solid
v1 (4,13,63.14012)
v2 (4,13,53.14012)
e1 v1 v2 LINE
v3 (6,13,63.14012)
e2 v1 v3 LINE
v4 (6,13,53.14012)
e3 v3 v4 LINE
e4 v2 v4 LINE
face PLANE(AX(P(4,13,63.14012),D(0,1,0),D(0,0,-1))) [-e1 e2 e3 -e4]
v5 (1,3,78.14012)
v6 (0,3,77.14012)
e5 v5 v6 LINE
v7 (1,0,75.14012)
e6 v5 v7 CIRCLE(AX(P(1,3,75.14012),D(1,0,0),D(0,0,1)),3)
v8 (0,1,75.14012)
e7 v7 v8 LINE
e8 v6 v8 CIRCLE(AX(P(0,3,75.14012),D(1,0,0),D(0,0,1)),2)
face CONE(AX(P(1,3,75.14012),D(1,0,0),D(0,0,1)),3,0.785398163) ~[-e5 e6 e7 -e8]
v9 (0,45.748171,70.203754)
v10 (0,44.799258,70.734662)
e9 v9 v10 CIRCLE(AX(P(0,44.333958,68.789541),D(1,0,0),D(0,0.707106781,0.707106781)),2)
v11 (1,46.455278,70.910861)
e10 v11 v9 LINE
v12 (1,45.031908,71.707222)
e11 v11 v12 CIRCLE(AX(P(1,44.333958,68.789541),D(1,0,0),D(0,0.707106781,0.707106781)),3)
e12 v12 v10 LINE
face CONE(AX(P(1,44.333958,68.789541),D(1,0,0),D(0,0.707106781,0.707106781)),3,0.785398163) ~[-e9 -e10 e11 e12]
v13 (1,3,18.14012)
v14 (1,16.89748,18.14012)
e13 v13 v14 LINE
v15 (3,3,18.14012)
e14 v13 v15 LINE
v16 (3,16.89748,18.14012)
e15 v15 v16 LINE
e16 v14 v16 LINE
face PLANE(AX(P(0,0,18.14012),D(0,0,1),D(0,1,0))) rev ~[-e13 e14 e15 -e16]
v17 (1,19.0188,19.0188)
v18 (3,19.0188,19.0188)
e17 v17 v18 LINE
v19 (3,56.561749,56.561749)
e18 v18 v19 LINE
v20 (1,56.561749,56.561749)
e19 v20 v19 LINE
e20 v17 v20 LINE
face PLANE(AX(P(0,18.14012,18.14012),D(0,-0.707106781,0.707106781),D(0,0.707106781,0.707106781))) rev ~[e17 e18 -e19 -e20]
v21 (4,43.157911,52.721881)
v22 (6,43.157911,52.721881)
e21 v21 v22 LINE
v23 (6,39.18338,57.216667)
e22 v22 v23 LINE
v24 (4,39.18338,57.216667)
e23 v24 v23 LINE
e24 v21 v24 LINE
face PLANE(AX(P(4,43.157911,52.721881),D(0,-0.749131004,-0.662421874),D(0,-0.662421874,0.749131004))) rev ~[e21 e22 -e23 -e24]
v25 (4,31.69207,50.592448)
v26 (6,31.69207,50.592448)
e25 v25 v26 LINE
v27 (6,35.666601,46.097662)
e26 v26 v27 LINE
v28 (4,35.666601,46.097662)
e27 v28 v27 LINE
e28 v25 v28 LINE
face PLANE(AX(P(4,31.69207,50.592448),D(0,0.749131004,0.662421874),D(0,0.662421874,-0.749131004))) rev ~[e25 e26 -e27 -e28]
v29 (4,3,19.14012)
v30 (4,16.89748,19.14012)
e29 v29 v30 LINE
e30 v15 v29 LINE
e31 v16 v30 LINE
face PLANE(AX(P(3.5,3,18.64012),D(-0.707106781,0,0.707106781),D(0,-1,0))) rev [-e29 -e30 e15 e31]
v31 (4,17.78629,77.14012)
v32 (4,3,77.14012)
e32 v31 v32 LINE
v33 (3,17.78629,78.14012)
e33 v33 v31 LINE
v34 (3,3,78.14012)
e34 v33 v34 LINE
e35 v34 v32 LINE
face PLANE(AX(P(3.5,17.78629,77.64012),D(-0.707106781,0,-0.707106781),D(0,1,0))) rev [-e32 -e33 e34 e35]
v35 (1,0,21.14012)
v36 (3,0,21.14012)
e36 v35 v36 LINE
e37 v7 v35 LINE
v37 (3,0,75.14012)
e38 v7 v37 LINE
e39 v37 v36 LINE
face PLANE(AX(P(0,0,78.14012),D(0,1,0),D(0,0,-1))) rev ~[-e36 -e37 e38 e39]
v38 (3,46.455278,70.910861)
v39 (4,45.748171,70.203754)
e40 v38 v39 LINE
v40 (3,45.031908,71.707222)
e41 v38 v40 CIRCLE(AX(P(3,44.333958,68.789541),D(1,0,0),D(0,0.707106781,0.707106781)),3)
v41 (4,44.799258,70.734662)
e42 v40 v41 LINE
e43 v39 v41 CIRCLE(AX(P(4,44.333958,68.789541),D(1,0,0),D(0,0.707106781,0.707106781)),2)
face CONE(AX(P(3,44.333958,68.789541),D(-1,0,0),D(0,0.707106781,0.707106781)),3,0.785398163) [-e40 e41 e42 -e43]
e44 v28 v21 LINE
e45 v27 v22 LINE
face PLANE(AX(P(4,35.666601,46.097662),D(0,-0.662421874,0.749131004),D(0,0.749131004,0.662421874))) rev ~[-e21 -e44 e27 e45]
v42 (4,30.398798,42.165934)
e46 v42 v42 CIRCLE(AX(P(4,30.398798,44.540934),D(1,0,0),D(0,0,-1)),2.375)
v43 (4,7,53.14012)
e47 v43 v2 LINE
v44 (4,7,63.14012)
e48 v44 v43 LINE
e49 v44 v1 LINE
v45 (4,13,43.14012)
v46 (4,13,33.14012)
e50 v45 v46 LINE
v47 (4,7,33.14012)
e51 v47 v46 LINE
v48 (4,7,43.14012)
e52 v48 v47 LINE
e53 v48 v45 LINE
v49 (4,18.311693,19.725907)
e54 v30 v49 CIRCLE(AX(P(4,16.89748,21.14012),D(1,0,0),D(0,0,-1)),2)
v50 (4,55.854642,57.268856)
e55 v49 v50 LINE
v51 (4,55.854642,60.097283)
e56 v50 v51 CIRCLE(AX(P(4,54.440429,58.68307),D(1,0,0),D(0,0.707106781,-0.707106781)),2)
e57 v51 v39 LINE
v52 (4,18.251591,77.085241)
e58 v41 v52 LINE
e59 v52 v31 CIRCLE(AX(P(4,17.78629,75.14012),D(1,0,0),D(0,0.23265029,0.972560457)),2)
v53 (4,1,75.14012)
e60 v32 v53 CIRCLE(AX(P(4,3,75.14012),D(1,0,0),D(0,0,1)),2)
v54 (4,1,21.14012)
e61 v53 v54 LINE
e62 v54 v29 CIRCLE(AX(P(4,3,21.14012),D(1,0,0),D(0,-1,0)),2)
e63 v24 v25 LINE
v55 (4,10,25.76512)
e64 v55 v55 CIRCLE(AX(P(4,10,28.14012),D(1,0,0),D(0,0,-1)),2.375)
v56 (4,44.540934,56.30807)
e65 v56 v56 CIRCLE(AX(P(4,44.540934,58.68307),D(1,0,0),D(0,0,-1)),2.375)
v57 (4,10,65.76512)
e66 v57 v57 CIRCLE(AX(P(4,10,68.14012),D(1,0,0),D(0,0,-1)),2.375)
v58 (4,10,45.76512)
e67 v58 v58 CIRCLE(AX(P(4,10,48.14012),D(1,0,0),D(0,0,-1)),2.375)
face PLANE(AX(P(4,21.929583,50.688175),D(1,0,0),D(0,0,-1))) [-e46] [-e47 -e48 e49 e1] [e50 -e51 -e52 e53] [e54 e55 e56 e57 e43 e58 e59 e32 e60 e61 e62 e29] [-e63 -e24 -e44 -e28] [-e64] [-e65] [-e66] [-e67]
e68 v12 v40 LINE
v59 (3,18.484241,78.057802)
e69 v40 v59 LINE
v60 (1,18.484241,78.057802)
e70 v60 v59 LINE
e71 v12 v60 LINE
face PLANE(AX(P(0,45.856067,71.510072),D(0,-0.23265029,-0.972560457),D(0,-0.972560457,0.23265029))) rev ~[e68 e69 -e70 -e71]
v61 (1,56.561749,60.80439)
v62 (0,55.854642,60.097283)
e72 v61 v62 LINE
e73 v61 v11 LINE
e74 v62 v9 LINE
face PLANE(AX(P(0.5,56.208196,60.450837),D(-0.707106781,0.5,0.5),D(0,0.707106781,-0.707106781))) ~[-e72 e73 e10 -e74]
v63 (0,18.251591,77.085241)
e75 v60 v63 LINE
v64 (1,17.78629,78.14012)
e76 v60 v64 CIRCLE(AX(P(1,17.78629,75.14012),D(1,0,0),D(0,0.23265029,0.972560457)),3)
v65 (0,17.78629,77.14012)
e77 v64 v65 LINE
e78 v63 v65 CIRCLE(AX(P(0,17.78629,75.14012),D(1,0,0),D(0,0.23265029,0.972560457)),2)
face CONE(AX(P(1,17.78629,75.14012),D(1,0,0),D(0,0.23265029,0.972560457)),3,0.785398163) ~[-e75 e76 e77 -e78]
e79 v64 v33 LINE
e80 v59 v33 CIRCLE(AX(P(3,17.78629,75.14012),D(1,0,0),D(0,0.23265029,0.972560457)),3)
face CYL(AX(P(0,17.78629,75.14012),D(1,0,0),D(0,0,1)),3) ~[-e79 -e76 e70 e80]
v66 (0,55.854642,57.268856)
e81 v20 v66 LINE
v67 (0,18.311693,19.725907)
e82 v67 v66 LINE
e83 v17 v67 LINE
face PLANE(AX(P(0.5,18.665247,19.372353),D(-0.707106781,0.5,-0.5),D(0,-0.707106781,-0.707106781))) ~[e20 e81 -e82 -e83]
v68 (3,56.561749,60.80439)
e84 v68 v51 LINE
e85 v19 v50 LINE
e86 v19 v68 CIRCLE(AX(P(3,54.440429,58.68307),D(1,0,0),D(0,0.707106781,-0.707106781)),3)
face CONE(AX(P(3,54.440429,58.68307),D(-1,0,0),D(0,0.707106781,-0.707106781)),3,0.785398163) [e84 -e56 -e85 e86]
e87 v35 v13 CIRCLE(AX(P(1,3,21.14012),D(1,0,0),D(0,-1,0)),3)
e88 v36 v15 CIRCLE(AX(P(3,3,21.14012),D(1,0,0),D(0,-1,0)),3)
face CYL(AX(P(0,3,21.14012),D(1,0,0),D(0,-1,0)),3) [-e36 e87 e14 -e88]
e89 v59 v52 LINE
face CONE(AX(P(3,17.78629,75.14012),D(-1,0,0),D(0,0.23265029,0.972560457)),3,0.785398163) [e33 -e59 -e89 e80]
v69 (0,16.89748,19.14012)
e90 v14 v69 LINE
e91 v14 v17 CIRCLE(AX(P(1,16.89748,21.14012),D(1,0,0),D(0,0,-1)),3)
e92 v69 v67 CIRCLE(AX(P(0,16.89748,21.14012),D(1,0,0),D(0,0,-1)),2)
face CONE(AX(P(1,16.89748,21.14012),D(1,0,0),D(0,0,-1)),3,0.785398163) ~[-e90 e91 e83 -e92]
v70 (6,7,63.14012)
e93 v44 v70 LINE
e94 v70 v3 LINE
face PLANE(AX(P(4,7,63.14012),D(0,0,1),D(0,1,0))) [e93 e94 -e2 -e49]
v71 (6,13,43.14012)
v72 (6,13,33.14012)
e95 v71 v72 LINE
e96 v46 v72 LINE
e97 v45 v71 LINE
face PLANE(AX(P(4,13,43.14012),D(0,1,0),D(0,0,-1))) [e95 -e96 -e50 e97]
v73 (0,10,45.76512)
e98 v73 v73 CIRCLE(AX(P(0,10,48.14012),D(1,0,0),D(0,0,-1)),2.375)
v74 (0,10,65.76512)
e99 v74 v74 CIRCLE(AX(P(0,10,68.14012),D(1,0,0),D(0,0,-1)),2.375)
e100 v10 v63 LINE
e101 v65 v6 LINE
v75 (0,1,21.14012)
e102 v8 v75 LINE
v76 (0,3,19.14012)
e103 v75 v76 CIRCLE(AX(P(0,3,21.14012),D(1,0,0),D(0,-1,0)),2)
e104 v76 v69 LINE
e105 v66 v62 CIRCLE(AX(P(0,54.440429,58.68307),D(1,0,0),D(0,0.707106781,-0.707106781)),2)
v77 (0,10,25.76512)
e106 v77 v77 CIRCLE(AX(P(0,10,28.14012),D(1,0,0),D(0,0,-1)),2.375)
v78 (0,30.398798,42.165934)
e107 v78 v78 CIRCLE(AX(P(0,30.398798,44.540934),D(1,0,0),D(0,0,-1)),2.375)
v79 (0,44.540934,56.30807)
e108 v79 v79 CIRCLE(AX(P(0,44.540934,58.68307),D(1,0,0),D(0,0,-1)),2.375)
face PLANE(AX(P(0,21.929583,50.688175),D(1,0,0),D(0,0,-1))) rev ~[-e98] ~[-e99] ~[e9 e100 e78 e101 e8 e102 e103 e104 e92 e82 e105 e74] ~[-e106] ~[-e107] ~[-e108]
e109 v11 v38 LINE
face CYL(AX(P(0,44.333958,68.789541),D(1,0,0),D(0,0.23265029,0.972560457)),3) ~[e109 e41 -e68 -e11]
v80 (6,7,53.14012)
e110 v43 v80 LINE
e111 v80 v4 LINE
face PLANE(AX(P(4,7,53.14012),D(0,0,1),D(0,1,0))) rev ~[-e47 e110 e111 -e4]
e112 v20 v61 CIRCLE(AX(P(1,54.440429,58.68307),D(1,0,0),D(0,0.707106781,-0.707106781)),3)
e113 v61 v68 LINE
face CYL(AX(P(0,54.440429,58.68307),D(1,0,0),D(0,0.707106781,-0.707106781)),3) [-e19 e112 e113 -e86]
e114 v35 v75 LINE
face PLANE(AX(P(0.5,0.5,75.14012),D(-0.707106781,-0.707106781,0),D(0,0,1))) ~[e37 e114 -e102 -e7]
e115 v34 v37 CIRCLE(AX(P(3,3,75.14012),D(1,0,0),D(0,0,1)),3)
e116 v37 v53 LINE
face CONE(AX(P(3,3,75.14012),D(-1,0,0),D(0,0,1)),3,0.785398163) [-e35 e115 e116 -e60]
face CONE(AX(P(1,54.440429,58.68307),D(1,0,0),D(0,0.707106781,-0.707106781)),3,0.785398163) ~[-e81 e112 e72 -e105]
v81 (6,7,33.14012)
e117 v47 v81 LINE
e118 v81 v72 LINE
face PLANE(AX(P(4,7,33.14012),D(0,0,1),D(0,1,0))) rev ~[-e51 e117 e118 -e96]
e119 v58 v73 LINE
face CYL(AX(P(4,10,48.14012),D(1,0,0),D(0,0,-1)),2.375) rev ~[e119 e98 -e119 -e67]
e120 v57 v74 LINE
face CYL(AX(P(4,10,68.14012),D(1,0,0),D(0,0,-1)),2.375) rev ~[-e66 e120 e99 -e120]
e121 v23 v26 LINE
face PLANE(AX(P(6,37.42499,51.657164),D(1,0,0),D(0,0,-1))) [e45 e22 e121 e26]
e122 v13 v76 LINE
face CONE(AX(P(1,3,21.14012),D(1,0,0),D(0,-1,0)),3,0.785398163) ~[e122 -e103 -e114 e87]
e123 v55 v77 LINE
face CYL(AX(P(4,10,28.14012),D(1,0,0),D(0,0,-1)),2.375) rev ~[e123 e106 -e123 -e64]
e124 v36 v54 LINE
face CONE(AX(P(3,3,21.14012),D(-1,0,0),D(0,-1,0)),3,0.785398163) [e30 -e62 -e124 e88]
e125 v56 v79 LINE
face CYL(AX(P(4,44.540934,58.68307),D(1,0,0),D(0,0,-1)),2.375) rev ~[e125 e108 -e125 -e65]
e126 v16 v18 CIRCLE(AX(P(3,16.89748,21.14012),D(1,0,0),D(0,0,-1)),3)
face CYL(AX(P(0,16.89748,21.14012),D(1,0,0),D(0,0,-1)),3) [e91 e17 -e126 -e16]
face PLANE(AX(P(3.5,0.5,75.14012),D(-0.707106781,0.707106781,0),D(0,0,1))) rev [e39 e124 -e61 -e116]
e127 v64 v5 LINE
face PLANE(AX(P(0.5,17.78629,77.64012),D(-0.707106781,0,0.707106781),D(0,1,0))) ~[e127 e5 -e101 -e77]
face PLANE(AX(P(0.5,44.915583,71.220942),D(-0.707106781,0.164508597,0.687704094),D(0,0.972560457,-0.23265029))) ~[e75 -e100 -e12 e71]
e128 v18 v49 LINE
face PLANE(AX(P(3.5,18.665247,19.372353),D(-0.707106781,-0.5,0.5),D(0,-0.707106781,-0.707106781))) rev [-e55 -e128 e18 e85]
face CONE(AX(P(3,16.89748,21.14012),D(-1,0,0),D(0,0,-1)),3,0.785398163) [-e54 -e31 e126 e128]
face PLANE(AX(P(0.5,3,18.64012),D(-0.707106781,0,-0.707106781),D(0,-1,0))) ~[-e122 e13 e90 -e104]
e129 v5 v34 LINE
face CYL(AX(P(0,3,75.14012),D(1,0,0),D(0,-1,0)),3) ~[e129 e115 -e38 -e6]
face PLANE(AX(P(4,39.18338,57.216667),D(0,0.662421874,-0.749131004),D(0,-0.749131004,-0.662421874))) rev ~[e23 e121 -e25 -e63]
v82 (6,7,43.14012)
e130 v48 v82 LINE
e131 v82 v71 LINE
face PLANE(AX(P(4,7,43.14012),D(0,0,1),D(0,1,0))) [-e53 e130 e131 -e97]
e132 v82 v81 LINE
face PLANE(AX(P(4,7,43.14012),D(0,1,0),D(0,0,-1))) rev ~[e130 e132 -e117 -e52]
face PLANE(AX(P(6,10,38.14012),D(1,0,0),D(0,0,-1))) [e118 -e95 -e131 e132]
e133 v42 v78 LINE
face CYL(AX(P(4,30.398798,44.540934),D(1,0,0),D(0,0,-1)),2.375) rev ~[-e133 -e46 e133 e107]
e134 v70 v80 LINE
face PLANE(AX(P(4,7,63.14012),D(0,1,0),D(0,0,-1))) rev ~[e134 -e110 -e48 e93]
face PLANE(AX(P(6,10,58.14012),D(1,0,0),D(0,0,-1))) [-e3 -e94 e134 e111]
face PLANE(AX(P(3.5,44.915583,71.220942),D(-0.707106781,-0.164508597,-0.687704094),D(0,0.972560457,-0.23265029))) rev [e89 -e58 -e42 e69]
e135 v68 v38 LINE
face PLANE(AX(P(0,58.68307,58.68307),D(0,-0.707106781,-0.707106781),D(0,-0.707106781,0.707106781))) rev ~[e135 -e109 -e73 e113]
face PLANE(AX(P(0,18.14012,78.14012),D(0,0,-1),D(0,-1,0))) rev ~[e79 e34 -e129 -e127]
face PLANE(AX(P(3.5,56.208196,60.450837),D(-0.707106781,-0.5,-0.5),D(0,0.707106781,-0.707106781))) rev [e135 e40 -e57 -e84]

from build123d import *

# Parameters (mm, degrees)
BOSS_EXTRUDE1_DEPTH      = 4
SKETCH2_R                = 2.375
CUT_EXTRUDE1_DEPTH       = 98.803788642
LPATTERN1_COUNT          = 3
LPATTERN1_PITCH          = 20
SKETCH2_4_R              = 2.375
CUT_EXTRUDE2_DEPTH       = 98.803788642
LPATTERN2_COUNT          = 2
LPATTERN2_PITCH          = 20
FILLET1_R                = 3
CHANFRO1_SIZE            = 1
ESBO_O1_W                = 10
ESBO_O1_H                = 6
RESSALTO_EXTRUS_O1_DEPTH = 2


with BuildPart() as part:
    # Sketch1 → Boss-Extrude1 (new body)
    with BuildSketch(Plane(origin=(0, 0, 0), x_dir=(0, 0, -1), z_dir=(1, 0, 0))):
        Polygon((-78.140120378, 0), (-18.140120378, 0), (-18.140120378, 18.140120378), (-58.68306962, 58.68306962), (-71.510071751, 45.856067489), (-78.140120378, 18.140120378), align=None)
    extrude(amount=BOSS_EXTRUDE1_DEPTH)

    # Sketch2 → Cut-Extrude1 (cut, through all)
    with BuildSketch(Plane(origin=(4, 0, 0), x_dir=(0, 0, -1), z_dir=(1, 0, 0))):
        with Locations((-28.140120378, 10)):
            Circle(SKETCH2_R)
    cut_extrude1 = extrude(amount=-CUT_EXTRUDE1_DEPTH, mode=Mode.SUBTRACT)

    # LPattern1: Cut-Extrude1 ×3
    with Locations(*[(0, 0, i * LPATTERN1_PITCH) for i in range(1, LPATTERN1_COUNT)]):
        add(cut_extrude1, mode=Mode.SUBTRACT)

    # Sketch2<4> → Cut-Extrude2 (cut, through all)
    with BuildSketch(Plane(origin=(4, 0, 0), x_dir=(0, 0, -1), z_dir=(1, 0, 0))):
        with Locations((-58.68306962, 44.540933996)):
            Circle(SKETCH2_4_R)
    cut_extrude2 = extrude(amount=-CUT_EXTRUDE2_DEPTH, mode=Mode.SUBTRACT)

    # LPattern2: Cut-Extrude2 ×2
    with Locations(*[Vector(0, -0.7071067811865476, -0.7071067811865476) * (i * LPATTERN2_PITCH) for i in range(1, LPATTERN2_COUNT)]):
        add(cut_extrude2, mode=Mode.SUBTRACT)

    # Fillet1
    fillet1_edges = [part.edges().sort_by_distance(p)[0] for p in [
        (2, 0, 18.140120378),
        (2, 18.140120378, 18.140120378),
        (2, 58.68306962, 58.68306962),
        (2, 0, 78.140120378),
        (2, 18.140120378, 78.140120378),
        (2, 45.856067489, 71.510071751),
    ]]
    fillet(fillet1_edges, radius=FILLET1_R)

    # Chanfro1
    chanfro1_edges = [part.edges().sort_by_distance(p)[0] for p in [
        (4, 0, 48.140120378),
        (4, 0.878679656, 19.018800034),
        (4, 0.878679656, 77.261440721),
        (4, 9.948739845, 18.140120378),
        (4, 10.393145239, 78.140120378),
        (4, 18.045529988, 18.36848178),
        (4, 18.137684762, 78.119469645),
        (4, 37.790274655, 37.790274655),
        (4, 31.75807492, 74.882512025),
        (4, 45.798751214, 71.407627967),
        (4, 57.440428933, 58.68306962),
        (4, 51.508513622, 65.857625619),
        (0, 0, 48.140120378),
        (0, 0.878679656, 19.018800034),
        (0, 0.878679656, 77.261440721),
        (0, 9.948739845, 18.140120378),
        (0, 10.393145239, 78.140120378),
        (0, 18.045529988, 18.36848178),
        (0, 18.137684762, 78.119469645),
        (0, 37.790274655, 37.790274655),
        (0, 31.75807492, 74.882512025),
        (0, 57.440428933, 58.68306962),
        (0, 45.798751214, 71.407627967),
        (0, 51.508513622, 65.857625619),
    ]]
    chamfer(chanfro1_edges, length=CHANFRO1_SIZE)

    # Esboço1 → Ressalto-extrusão1 (add)
    with BuildSketch(Plane(origin=(4, 0, 0), x_dir=(0, 0, -1), z_dir=(1, 0, 0))):
        Polygon((-57.21666665, 39.183379746), (-50.59244791, 31.692069708), (-46.097661887, 35.666600952), (-52.721880627, 43.15791099), align=None)
        with Locations((-58.140120378, 10)):
            Rectangle(ESBO_O1_W, ESBO_O1_H)
        with Locations((-38.140120378, 10)):
            Rectangle(ESBO_O1_W, ESBO_O1_H)
    extrude(amount=RESSALTO_EXTRUS_O1_DEPTH)


solid = part.part
